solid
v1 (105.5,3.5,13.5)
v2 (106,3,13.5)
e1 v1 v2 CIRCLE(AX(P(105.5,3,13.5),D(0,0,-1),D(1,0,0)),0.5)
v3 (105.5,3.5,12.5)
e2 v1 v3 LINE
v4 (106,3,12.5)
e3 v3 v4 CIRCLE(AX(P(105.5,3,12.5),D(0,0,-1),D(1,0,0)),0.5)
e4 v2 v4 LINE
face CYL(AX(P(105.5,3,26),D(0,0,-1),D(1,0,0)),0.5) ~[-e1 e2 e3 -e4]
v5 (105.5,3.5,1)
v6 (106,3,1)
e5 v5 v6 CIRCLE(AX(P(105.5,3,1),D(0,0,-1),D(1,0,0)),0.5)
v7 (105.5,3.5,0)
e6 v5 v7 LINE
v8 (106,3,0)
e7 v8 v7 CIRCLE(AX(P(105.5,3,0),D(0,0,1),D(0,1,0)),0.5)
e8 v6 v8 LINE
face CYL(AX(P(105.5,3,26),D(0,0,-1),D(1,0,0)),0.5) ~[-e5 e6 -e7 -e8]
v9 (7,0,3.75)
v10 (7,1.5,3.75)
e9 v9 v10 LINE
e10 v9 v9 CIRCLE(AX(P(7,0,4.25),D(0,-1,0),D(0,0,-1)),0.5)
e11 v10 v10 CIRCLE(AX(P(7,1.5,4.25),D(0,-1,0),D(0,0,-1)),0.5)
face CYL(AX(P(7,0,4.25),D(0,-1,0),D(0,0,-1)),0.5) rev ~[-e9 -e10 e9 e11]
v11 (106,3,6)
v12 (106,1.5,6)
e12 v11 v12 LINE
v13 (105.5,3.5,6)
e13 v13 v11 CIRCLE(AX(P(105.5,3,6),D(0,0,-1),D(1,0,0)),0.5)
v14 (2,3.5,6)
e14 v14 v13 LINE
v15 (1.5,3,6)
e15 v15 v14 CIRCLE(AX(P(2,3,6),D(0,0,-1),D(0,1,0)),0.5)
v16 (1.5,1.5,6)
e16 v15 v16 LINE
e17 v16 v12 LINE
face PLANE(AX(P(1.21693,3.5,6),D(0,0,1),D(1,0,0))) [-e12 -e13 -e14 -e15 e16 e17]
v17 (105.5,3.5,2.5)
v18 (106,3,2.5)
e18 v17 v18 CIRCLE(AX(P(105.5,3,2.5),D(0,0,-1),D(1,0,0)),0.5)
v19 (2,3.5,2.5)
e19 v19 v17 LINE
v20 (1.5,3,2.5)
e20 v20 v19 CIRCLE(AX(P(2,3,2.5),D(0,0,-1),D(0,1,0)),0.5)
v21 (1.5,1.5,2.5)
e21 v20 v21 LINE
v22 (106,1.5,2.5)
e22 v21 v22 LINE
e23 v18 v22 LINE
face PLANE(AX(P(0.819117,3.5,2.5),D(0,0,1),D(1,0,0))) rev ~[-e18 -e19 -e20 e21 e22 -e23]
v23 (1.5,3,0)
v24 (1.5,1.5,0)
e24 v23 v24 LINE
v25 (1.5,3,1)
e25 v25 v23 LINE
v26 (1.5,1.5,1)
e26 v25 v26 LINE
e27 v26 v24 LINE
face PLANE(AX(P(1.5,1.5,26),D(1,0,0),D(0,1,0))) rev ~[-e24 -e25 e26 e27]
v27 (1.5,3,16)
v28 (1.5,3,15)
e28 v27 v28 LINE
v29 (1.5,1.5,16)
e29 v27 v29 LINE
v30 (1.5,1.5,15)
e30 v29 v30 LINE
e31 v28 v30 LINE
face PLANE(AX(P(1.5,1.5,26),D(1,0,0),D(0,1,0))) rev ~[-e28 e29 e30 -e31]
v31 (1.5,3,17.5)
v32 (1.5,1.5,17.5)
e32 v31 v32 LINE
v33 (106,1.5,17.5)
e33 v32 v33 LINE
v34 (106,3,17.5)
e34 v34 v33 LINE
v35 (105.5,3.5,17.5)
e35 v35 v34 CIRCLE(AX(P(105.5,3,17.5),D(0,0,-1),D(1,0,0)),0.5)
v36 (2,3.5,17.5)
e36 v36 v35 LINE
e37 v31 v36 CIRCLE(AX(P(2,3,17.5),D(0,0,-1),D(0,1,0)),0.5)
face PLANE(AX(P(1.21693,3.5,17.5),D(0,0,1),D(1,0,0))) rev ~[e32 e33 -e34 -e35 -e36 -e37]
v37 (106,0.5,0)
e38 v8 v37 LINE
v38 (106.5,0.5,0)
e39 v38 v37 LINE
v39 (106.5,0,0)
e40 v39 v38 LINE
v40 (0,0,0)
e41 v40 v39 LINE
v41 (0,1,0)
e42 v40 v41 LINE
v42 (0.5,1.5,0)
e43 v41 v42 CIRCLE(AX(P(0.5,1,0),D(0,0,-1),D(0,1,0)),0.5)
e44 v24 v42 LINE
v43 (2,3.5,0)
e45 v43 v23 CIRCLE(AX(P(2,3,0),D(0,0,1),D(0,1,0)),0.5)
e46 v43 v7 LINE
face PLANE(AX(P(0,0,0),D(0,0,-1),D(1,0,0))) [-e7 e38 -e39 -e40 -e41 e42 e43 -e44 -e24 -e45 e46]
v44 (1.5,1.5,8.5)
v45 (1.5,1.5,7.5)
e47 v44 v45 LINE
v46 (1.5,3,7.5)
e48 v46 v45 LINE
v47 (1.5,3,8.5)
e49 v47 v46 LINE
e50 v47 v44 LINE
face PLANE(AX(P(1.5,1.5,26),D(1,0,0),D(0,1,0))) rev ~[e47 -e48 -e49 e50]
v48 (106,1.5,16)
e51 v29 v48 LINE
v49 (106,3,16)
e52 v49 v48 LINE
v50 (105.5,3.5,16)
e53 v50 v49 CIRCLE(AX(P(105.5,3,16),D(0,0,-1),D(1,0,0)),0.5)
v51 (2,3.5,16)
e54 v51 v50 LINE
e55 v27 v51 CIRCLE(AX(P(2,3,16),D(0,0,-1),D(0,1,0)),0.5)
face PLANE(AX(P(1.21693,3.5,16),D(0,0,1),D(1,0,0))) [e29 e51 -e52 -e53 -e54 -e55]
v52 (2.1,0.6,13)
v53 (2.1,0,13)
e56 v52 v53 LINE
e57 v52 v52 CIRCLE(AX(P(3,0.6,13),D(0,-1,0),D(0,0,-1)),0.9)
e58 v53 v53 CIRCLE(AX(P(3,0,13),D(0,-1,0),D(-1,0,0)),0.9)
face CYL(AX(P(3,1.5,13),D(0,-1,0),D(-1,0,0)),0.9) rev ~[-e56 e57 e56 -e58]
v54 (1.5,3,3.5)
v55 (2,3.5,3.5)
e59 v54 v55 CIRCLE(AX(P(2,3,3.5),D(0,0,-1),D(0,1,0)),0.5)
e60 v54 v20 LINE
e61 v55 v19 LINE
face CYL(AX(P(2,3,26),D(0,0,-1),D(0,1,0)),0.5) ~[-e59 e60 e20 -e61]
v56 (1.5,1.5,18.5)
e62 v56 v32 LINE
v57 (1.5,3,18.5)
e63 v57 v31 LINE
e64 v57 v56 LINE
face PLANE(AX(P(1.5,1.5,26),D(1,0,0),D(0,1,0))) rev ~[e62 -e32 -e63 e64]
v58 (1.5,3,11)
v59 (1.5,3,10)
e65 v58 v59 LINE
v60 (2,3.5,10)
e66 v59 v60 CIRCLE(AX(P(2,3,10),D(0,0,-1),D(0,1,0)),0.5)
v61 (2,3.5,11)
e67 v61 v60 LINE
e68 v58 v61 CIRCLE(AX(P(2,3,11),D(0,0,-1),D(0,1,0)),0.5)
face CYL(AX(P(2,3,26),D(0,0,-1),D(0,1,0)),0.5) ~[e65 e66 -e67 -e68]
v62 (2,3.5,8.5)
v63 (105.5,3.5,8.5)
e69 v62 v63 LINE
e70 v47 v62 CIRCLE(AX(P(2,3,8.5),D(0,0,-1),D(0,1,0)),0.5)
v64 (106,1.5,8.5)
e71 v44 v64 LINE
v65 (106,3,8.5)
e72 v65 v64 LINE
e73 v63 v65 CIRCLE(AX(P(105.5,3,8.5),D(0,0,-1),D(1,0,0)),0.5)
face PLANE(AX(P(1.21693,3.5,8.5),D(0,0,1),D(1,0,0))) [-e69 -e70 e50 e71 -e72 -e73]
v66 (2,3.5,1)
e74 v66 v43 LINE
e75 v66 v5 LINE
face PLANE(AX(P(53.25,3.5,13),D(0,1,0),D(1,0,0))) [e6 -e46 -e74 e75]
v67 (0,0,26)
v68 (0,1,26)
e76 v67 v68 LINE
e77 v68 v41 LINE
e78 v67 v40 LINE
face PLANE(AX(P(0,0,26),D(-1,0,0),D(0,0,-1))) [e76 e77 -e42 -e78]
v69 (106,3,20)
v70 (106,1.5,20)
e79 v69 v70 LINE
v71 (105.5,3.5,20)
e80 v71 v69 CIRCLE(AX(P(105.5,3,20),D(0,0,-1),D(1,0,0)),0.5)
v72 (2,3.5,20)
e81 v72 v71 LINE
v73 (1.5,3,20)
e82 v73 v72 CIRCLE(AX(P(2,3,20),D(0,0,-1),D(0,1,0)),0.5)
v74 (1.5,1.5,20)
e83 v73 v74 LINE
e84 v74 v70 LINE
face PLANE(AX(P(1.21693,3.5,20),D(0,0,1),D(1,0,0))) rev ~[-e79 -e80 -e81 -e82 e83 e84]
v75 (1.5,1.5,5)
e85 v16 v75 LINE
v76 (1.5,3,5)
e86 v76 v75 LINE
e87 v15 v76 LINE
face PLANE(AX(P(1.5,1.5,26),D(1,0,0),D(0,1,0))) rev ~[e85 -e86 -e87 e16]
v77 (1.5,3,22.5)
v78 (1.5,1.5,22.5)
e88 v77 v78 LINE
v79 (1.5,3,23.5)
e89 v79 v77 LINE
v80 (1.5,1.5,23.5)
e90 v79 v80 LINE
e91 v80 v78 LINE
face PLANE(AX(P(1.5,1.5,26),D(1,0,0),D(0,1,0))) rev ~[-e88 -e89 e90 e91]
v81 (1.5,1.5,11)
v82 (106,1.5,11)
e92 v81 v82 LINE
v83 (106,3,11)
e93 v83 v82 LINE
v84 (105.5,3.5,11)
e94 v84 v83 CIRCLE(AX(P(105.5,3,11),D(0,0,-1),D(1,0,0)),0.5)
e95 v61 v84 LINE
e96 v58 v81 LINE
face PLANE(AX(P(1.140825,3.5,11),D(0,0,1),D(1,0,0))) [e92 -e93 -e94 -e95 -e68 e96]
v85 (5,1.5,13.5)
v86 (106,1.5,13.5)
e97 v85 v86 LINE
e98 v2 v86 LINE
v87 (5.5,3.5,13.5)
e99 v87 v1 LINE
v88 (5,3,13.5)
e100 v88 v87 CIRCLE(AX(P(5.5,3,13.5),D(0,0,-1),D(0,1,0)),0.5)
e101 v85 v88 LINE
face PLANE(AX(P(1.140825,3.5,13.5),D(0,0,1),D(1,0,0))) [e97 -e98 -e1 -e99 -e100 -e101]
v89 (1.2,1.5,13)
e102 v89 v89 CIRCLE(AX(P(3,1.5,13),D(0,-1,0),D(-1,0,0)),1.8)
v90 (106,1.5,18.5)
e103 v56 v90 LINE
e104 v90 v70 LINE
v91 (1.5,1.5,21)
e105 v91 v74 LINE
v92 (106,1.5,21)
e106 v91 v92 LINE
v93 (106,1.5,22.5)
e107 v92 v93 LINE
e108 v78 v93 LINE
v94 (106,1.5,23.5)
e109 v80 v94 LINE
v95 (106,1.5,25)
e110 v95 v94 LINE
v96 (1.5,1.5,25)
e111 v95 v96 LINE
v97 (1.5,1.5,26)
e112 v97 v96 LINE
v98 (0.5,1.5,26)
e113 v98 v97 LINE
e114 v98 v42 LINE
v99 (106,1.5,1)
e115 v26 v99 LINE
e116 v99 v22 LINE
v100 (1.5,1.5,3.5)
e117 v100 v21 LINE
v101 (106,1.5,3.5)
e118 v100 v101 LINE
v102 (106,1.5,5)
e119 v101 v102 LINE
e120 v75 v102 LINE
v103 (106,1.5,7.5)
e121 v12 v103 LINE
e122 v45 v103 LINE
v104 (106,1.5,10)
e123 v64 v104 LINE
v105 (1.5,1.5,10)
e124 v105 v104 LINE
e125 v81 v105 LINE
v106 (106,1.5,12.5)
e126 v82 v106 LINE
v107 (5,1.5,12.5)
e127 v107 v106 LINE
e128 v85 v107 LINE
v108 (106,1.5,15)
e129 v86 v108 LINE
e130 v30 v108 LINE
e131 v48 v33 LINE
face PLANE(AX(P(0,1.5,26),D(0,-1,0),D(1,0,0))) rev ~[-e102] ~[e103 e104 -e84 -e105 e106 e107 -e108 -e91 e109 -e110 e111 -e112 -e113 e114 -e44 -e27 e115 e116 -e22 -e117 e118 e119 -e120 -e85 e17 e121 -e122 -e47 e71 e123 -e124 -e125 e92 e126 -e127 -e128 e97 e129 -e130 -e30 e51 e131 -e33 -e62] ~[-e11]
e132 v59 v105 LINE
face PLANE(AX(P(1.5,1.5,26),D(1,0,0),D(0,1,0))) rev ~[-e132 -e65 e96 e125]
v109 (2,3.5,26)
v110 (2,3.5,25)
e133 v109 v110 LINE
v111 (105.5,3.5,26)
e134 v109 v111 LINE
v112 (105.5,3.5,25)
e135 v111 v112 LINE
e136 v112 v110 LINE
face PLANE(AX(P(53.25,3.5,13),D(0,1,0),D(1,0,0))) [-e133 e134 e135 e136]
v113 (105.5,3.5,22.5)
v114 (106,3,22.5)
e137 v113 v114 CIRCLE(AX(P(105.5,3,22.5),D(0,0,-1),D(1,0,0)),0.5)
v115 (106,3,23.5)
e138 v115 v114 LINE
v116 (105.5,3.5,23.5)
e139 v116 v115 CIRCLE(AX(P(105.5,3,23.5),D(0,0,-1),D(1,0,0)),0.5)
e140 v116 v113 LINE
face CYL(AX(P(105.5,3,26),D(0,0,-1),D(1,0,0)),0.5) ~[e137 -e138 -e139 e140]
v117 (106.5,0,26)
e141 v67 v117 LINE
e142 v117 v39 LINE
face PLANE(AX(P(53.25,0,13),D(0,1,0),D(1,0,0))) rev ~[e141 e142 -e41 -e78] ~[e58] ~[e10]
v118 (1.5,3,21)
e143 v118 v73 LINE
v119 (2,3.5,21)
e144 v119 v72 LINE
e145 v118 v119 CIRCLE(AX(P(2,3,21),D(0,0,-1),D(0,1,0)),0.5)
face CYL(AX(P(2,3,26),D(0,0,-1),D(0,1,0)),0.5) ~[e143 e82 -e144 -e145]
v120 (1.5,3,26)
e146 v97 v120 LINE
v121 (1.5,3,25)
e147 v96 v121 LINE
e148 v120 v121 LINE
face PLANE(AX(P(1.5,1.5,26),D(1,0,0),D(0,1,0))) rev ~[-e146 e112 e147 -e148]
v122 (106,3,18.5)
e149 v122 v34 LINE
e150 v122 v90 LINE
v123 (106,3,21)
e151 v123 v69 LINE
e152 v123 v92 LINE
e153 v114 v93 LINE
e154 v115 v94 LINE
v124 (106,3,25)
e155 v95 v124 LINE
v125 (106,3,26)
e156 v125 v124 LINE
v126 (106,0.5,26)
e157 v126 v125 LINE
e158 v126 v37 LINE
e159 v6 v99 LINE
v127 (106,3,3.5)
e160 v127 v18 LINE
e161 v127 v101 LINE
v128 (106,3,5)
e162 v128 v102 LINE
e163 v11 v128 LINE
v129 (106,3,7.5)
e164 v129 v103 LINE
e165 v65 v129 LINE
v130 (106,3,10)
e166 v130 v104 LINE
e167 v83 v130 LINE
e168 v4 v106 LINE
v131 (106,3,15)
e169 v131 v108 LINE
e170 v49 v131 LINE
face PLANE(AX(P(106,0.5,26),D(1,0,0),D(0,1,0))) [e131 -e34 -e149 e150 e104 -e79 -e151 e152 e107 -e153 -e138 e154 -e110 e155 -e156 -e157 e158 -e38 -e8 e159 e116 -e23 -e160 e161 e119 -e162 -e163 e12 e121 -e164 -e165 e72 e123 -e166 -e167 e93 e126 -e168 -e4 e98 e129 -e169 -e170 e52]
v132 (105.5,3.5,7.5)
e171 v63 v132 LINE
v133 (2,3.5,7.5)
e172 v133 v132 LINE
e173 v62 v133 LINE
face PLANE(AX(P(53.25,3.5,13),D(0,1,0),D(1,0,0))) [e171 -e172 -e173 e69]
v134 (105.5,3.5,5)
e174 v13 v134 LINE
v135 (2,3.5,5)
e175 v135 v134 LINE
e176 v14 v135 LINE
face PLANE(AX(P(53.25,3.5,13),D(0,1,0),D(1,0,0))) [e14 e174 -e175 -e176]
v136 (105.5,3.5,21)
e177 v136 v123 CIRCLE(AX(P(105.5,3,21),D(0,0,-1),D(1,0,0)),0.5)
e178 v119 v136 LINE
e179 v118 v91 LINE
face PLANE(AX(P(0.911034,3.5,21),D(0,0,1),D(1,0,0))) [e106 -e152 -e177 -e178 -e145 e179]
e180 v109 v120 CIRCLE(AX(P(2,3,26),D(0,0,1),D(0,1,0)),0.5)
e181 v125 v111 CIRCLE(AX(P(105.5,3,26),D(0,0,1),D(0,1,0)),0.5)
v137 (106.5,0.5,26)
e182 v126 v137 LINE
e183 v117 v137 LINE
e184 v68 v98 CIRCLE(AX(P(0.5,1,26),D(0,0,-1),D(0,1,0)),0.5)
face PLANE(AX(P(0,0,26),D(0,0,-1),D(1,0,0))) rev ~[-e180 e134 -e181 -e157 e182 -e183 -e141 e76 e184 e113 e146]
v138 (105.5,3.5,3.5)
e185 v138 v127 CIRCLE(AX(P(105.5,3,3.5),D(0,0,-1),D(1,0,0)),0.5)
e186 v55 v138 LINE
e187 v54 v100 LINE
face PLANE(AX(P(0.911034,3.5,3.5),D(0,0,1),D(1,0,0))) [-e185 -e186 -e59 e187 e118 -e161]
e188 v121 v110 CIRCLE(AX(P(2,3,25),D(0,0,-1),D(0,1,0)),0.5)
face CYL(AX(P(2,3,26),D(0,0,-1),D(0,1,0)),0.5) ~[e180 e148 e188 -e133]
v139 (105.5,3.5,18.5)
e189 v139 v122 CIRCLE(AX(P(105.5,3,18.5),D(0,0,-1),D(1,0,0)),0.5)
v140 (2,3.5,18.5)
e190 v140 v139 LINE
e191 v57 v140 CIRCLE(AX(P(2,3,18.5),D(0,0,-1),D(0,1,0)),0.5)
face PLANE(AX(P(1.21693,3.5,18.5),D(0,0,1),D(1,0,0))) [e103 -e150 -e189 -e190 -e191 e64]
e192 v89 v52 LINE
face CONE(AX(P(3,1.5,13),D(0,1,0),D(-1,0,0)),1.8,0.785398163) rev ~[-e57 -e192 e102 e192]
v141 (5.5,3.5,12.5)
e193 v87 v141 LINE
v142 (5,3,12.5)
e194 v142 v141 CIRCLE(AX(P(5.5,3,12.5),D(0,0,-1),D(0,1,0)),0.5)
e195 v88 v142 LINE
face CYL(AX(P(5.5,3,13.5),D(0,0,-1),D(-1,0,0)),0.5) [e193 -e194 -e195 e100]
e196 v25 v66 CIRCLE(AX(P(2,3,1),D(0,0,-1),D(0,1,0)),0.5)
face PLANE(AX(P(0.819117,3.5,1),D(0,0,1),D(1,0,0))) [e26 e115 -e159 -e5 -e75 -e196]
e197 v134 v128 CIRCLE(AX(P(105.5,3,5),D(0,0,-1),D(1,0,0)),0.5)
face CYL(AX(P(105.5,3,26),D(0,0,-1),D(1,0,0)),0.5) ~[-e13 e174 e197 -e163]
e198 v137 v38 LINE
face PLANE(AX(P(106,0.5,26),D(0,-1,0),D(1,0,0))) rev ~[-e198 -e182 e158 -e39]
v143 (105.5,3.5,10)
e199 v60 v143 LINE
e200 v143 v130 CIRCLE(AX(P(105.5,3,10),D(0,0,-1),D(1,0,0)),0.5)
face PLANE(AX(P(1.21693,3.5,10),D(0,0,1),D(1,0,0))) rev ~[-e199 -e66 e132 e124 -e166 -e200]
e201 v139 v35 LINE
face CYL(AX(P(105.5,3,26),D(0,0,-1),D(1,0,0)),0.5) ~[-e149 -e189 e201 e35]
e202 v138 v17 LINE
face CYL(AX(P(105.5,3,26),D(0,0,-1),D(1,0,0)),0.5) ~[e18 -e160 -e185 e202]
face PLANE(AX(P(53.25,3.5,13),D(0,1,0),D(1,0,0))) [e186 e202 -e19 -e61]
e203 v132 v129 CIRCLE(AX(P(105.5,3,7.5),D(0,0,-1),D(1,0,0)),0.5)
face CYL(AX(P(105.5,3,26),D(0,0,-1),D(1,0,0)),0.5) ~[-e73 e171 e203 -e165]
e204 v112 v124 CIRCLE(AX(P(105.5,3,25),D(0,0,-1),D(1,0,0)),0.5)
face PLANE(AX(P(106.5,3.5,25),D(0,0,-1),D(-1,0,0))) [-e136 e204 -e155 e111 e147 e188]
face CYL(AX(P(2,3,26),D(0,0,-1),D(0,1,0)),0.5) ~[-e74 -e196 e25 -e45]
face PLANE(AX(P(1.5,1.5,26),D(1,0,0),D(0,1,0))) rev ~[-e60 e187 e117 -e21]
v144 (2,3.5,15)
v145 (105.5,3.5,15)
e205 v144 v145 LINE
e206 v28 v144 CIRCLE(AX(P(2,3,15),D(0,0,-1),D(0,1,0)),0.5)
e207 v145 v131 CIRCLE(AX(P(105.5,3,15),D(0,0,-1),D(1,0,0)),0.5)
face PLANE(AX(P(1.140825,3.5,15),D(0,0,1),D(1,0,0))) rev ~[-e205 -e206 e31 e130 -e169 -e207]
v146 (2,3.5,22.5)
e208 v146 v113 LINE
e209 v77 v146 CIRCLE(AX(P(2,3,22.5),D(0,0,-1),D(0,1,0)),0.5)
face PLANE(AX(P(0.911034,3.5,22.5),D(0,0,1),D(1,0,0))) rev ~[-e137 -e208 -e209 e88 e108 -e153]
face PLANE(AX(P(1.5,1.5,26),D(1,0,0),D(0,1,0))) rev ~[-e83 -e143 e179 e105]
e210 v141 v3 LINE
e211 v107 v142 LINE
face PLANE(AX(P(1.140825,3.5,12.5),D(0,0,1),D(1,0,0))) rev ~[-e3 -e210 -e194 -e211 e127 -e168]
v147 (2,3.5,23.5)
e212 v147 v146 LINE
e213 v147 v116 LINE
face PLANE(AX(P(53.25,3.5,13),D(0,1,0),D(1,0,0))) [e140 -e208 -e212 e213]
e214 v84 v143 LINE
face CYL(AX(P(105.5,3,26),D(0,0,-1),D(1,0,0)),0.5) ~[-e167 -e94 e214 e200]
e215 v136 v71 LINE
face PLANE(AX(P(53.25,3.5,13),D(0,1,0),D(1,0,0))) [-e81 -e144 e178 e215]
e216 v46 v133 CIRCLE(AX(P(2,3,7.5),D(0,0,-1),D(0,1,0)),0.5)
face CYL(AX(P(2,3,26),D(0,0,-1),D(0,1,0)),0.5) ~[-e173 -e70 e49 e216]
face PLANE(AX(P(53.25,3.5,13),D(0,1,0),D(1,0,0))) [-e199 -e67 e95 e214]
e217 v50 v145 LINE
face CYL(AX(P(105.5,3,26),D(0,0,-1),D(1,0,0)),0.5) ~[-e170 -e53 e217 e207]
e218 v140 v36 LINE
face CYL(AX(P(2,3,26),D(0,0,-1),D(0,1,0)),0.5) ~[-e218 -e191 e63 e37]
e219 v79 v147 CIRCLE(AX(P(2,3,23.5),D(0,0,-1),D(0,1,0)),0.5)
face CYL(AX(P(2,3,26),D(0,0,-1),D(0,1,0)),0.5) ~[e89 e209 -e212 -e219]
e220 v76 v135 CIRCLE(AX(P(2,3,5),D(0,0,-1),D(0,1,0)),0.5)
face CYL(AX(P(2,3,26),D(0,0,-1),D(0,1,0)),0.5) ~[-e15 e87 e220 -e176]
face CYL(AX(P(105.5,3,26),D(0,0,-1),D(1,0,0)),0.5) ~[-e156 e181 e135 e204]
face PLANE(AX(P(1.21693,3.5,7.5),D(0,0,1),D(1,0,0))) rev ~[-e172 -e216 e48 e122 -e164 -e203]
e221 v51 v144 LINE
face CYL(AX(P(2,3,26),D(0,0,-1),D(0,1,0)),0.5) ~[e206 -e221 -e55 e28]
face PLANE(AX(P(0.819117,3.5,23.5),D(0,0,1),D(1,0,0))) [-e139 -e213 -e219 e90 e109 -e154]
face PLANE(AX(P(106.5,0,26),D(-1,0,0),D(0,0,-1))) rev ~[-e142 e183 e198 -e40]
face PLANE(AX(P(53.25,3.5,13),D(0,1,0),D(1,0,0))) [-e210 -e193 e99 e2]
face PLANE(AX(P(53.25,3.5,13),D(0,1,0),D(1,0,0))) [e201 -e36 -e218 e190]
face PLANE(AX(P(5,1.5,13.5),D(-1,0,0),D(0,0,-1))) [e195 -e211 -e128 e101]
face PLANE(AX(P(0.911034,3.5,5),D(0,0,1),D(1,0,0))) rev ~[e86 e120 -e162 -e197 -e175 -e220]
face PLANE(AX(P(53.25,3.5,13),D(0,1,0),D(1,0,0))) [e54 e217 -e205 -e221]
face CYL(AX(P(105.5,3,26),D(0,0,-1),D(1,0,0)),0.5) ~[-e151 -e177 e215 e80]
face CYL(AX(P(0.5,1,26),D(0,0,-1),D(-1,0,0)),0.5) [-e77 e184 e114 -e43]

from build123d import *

# Parameters (mm, degrees)
SKETCH1_W                                            = 106.5
SKETCH1_H                                            = 26
BOSS_EXTRUDE1_DEPTH                                  = 3.5
SKETCH2_W                                            = 0.5
SKETCH2_H                                            = 3
SKETCH2_W_2                                          = 1.5
SKETCH2_H_2                                          = 2
CUT_EXTRUDE1_DEPTH                                   = 110.683635972
FILLET1_R                                            = 0.5
SKETCH3_W                                            = 107.180882747
SKETCH3_H                                            = 1.5
SKETCH3_W_2                                          = 106.799236883
SKETCH3_W_3                                          = 106.532134073
SKETCH3_W_4                                          = 106.710473135
CUT_EXTRUDE2_DEPTH                                   = 2
SKETCH4_W                                            = 3.5
SKETCH4_H                                            = 1
CUT_EXTRUDE3_DEPTH                                   = 2
CSK_FOR_M1_6_COUNTERSUNK_FLAT_HEAD_SCREW_D           = 1.8
CSK_FOR_M1_6_COUNTERSUNK_FLAT_HEAD_SCREW_DEPTH       = 15
CSK_FOR_M1_6_COUNTERSUNK_FLAT_HEAD_SCREW_CSINK_D     = 3.6
CSK_FOR_M1_6_COUNTERSUNK_FLAT_HEAD_SCREW_CSINK_ANGLE = 90
CSK_FOR_M1_6_COUNTERSUNK_FLAT_HEAD_SCREW_TIP         = 0.540774557
SKETCH11_R                                           = 0.5
CUT_EXTRUDE4_DEPTH                                   = 110.683635972
FILLET2_R                                            = 0.5


with BuildPart() as part:
    # Sketch1 → Boss-Extrude1 (new body)
    with BuildSketch(Plane(origin=(0, 0, 0), x_dir=(1, 0, 0), z_dir=(0, 1, 0))):
        with Locations((53.25, -13)):
            Rectangle(SKETCH1_W, SKETCH1_H)
    extrude(amount=BOSS_EXTRUDE1_DEPTH)

    # Sketch2 → Cut-Extrude1 (cut, through all)
    with BuildSketch(Plane.XY.offset(26)):
        with Locations((106.25, 2)):
            Rectangle(SKETCH2_W, SKETCH2_H)
        with Locations((0.75, 2.5)):
            Rectangle(SKETCH2_W_2, SKETCH2_H_2)
    extrude(amount=-CUT_EXTRUDE1_DEPTH, mode=Mode.SUBTRACT)

    # Fillet1
    fillet1_edges = [part.edges().sort_by_distance(p)[0] for p in [
        (106, 3.5, 13),
        (0, 1.5, 13),
        (1.5, 3.5, 13),
    ]]
    fillet(fillet1_edges, radius=FILLET1_R)

    # Sketch3 → Cut-Extrude2 (cut)
    with BuildSketch(Plane(origin=(0, 3.5, 0), x_dir=(1, 0, 0), z_dir=(0, 1, 0))):
        with Locations((54.409558627, -1.75)):
            Rectangle(SKETCH3_W, SKETCH3_H)
        with Locations((54.310652166, -4.25)):
            Rectangle(SKETCH3_W_2, SKETCH3_H)
        with Locations((54.482997461, -6.75)):
            Rectangle(SKETCH3_W_3, SKETCH3_H)
        with Locations((54.482997461, -9.25)):
            Rectangle(SKETCH3_W_3, SKETCH3_H)
        Polygon((0.819117253, -23.5), (108, -23.5), (106.5, -25), (0.819117253, -25), align=None)
        with Locations((54.310652166, -21.75)):
            Rectangle(SKETCH3_W_2, SKETCH3_H)
        with Locations((54.482997461, -19.25)):
            Rectangle(SKETCH3_W_3, SKETCH3_H)
        with Locations((54.482997461, -16.75)):
            Rectangle(SKETCH3_W_3, SKETCH3_H)
        with Locations((54.496061473, -11.75)):
            Rectangle(SKETCH3_W_4, SKETCH3_H)
        with Locations((54.496061473, -14.25)):
            Rectangle(SKETCH3_W_4, SKETCH3_H)
    extrude(amount=-CUT_EXTRUDE2_DEPTH, mode=Mode.SUBTRACT)

    # Sketch4 → Cut-Extrude3 (cut)
    with BuildSketch(Plane(origin=(0, 1.5, 0), x_dir=(1, 0, 0), z_dir=(0, 1, 0))):
        with Locations((3.25, -13)):
            Rectangle(SKETCH4_W, SKETCH4_H)
        Polygon((1.5, -12.5), (1.5, -11.238548645), (5, -11.238548645), (5, -12.5), (106, -12.5), (106, -11), (1.5, -11), (1.5, -10), (106, -10), (106, -8.5), (1.5, -8.5), (1.5, -7.5), (106, -7.5), (106, -6), (1.5, -6), (1.5, -5), (106, -5), (106, -3.5), (1.5, -3.5), (1.5, -2.5), (106, -2.5), (106, -1), (1.5, -1), (1.5, 0), (0.5, 0), (0.5, -26), (1.5, -26), (1.5, -25), (106, -25), (106, -23.5), (1.5, -23.5), (1.5, -22.5), (106, -22.5), (106, -21), (1.5, -21), (1.5, -20), (106, -20), (106, -18.5), (1.5, -18.5), (1.5, -17.5), (106, -17.5), (106, -16), (1.5, -16), (1.5, -15), (106, -15), (106, -13.5), (5, -13.5), (5, -14.524020237), (1.5, -14.524020237), (1.5, -13.5), align=None)
    extrude(amount=CUT_EXTRUDE3_DEPTH, mode=Mode.SUBTRACT)

    # CSK for M1.6 Countersunk Flat Head Screw2
    with Locations(Plane(origin=(3, 1.5, 13), x_dir=(1, 0, 0), z_dir=(0, 1, 0))):
        with Locations((0, 0)):
            CounterSinkHole(CSK_FOR_M1_6_COUNTERSUNK_FLAT_HEAD_SCREW_D / 2, CSK_FOR_M1_6_COUNTERSUNK_FLAT_HEAD_SCREW_CSINK_D / 2, depth=CSK_FOR_M1_6_COUNTERSUNK_FLAT_HEAD_SCREW_DEPTH, counter_sink_angle=CSK_FOR_M1_6_COUNTERSUNK_FLAT_HEAD_SCREW_CSINK_ANGLE)
            with Locations((0, 0, -(CSK_FOR_M1_6_COUNTERSUNK_FLAT_HEAD_SCREW_DEPTH + CSK_FOR_M1_6_COUNTERSUNK_FLAT_HEAD_SCREW_TIP / 2))):  # 118° drill point
                Cone(0, CSK_FOR_M1_6_COUNTERSUNK_FLAT_HEAD_SCREW_D / 2, CSK_FOR_M1_6_COUNTERSUNK_FLAT_HEAD_SCREW_TIP, mode=Mode.SUBTRACT)

    # Sketch11 → Cut-Extrude4 (cut, through all)
    with BuildSketch(Plane.XZ):
        with Locations(Location((7, 4.25, 0), (0, 0, 270))):
            Circle(SKETCH11_R)
    extrude(amount=-CUT_EXTRUDE4_DEPTH, mode=Mode.SUBTRACT)

    # Fillet2
    fillet2_edges = [part.edges().sort_by_distance(p)[0] for p in [
        (5, 3.5, 13),
    ]]
    fillet(fillet2_edges, radius=FILLET2_R)


solid = part.part
